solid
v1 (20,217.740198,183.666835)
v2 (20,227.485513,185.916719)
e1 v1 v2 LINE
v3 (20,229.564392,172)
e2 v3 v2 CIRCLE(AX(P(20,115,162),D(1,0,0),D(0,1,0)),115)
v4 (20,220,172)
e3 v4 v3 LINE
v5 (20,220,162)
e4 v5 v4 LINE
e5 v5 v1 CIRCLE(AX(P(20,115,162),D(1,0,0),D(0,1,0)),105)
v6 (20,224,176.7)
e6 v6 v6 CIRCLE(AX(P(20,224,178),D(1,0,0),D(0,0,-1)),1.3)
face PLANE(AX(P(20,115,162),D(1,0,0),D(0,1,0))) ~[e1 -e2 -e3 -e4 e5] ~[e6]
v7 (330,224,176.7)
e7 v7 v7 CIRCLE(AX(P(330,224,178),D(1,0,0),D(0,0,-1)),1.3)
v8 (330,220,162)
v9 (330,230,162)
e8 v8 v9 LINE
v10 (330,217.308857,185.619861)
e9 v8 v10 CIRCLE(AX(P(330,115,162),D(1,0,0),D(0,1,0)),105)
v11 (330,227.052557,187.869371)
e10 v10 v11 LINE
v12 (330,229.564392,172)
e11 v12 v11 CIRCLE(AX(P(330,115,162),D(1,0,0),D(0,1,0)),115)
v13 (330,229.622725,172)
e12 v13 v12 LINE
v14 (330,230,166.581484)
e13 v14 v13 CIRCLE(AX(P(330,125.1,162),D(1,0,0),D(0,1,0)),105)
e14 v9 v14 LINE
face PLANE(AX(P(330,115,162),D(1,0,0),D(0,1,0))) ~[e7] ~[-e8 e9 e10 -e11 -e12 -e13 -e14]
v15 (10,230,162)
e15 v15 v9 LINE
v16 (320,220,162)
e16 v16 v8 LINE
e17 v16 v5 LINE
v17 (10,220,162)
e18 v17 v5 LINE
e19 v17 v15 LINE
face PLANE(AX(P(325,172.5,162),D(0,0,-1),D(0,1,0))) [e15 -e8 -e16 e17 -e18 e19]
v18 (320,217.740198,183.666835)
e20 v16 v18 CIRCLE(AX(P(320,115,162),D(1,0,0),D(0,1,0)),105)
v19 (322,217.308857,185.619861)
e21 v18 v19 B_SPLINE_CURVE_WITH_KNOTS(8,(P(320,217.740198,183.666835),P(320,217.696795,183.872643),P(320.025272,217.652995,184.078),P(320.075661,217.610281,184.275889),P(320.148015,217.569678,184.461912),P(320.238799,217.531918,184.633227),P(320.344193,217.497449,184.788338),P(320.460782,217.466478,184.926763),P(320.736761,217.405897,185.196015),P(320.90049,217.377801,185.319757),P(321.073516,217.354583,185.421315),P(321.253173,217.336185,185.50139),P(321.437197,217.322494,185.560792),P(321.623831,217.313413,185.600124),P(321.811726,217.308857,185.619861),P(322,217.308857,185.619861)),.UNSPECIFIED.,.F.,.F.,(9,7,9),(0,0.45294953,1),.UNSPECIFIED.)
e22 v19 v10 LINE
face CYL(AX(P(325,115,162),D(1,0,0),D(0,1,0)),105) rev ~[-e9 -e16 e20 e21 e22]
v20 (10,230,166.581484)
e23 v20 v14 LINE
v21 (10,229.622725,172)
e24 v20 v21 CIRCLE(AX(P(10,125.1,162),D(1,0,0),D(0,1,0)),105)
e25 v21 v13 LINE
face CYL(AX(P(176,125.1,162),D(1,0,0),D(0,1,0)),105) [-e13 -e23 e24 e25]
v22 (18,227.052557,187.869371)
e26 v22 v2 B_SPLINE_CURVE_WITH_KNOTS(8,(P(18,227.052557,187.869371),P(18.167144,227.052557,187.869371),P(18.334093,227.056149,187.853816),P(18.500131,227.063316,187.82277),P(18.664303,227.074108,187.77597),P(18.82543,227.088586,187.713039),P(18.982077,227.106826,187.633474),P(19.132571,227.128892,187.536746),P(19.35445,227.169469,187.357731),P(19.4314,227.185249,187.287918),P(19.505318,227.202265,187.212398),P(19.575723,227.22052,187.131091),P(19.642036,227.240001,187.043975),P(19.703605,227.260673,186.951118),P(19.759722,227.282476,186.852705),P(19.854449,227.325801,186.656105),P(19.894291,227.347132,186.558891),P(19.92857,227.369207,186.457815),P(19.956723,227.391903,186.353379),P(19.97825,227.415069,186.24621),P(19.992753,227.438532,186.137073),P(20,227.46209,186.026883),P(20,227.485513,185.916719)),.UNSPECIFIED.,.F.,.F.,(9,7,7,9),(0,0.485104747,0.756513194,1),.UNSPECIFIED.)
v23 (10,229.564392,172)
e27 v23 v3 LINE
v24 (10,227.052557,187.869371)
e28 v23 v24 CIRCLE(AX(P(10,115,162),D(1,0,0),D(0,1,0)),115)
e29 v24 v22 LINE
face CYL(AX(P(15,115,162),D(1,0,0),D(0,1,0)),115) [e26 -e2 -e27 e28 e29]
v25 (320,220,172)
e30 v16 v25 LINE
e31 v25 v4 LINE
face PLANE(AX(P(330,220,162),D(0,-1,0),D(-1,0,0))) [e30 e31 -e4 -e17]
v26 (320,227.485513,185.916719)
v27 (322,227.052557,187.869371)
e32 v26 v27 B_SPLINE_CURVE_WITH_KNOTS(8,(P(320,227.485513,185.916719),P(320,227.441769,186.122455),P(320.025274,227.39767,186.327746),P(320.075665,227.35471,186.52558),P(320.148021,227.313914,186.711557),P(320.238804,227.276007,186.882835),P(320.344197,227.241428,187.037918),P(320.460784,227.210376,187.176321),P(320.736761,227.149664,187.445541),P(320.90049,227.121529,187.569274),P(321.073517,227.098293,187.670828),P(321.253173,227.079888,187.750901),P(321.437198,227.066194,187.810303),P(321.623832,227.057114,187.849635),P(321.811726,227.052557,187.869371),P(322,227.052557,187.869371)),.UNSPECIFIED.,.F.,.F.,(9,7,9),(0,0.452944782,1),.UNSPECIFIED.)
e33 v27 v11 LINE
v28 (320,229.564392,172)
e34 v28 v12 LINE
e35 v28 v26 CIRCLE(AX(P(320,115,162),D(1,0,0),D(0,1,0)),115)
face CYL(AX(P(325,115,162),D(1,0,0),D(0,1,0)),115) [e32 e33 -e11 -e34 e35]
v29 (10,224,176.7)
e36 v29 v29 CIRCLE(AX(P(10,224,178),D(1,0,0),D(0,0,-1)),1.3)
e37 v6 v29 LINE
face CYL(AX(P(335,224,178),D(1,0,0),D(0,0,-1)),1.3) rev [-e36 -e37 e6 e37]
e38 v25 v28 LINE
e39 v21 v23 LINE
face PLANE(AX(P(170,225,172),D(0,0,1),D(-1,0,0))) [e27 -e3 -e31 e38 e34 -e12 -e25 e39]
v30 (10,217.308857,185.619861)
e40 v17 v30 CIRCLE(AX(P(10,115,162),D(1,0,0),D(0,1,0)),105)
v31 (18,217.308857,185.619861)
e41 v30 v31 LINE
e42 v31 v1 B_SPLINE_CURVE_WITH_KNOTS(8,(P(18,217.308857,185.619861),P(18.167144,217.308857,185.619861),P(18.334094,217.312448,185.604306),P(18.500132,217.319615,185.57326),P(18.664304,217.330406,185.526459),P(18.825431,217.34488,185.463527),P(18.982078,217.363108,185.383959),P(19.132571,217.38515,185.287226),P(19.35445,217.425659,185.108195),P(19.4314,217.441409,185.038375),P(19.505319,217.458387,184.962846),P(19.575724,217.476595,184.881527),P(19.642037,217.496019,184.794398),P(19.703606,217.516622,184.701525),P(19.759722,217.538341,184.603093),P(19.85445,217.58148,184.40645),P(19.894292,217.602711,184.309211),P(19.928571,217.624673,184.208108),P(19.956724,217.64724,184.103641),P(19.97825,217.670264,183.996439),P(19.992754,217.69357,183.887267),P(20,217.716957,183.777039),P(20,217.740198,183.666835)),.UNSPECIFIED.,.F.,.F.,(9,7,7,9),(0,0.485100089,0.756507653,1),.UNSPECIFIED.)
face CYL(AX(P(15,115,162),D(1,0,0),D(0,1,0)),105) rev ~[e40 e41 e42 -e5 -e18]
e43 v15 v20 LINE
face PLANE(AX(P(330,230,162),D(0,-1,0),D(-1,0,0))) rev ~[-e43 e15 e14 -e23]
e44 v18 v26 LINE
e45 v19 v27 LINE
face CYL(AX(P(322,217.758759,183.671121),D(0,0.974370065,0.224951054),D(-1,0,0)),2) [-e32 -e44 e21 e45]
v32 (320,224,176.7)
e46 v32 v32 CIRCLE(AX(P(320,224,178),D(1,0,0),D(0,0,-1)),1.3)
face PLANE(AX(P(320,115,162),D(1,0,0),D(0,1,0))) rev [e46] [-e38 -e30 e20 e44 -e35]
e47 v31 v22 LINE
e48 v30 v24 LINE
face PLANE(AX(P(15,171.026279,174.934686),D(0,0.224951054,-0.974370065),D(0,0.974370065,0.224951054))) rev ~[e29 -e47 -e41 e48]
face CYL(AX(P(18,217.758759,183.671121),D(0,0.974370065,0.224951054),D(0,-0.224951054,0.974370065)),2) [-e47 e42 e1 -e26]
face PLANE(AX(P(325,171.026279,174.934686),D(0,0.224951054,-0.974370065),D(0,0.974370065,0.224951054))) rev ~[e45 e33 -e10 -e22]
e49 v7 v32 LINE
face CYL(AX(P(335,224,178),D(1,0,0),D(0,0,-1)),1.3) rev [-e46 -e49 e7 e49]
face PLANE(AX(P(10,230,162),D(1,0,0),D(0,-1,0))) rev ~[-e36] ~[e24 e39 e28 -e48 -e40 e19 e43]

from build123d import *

# Parameters (mm, degrees)
CYLINDER063_R          = 1.3
CYLINDER063_DEPTH      = 331
CYLINDER060_W          = 105
CYLINDER060_H          = 10
CYLINDER060_ANGLE      = 13
CYLINDER059_W          = 115
CYLINDER059_H          = 10
CYLINDER059_ANGLE      = 13
FILLET008_R            = 2
CYLINDER058_W          = 105
CYLINDER058_H          = 352
CYLINDER058_ANGLE      = 13
CYLINDER057_W          = 115
CYLINDER057_H          = 340
CYLINDER057_ANGLE      = 13
BOX102_W               = 320
BOX102_H               = 10
BOX102_DEPTH           = 10
CYLINDER056_W          = 105
CYLINDER056_H          = 10
CYLINDER056_ANGLE      = 13
CYLINDER055_W          = 115
CYLINDER055_H          = 10
CYLINDER055_ANGLE      = 13
FILLET009_R            = 2
CUT074_PLACEMENT_ANGLE = 180


with BuildPart() as cilindro063:
    # Cylinder063 → Cylinder063 (new body)
    with BuildSketch(Plane(origin=(5, 6, 178), x_dir=(0, 0, -1), z_dir=(1, 0, 0))):
        Circle(CYLINDER063_R)
    extrude(amount=CYLINDER063_DEPTH)


with BuildPart() as cilindro060:
    # Cylinder060 → Cylinder060 (revolve)
    with BuildSketch(Plane(origin=(20, 115, 162), x_dir=(0, -1, 0), z_dir=(0, 0, -1))):
        with Locations((52.5, 5)):
            Rectangle(CYLINDER060_W, CYLINDER060_H)
    revolve(axis=Axis((20, 115, 162), (-1, 0, 0)), revolution_arc=CYLINDER060_ANGLE)


with BuildPart() as fillet008:
    # Cylinder059 → Cylinder059 (revolve)
    with BuildSketch(Plane(origin=(20, 115, 162), x_dir=(0, -1, 0), z_dir=(0, 0, -1))):
        with Locations((57.5, 5)):
            Rectangle(CYLINDER059_W, CYLINDER059_H)
    revolve(axis=Axis((20, 115, 162), (-1, 0, 0)), revolution_arc=CYLINDER059_ANGLE)

    # Cut071: cut Cilindro060
    add(cilindro060.part, mode=Mode.SUBTRACT)

    # Fillet008
    fillet008_edges = [fillet008.edges().sort_by_distance(p)[0] for p in [
        (20, 7.819293, 186.744616),
    ]]
    fillet(fillet008_edges, radius=FILLET008_R)


with BuildPart() as cilindro058:
    # Cylinder058 → Cylinder058 (revolve)
    with BuildSketch(Plane(origin=(340, 115, 162), x_dir=(0, -1, 0), z_dir=(0, 0, -1))):
        with Locations((52.5, 176)):
            Rectangle(CYLINDER058_W, CYLINDER058_H)
    revolve(axis=Axis((340, 115, 162), (-1, 0, 0)), revolution_arc=CYLINDER058_ANGLE)


with BuildPart() as cut069:
    # Cylinder057 → Cylinder057 (revolve)
    with BuildSketch(Plane(origin=(340, 115, 162), x_dir=(0, -1, 0), z_dir=(0, 0, -1))):
        with Locations((57.5, 170)):
            Rectangle(CYLINDER057_W, CYLINDER057_H)
    revolve(axis=Axis((340, 115, 162), (-1, 0, 0)), revolution_arc=CYLINDER057_ANGLE)

    # Cut069: cut Cilindro058
    add(cilindro058.part, mode=Mode.SUBTRACT)


with BuildPart() as cut069_1:
    # Cut069 placement: moved
    add(cut069.part.moved(Location((0, -10.1, 0))))


with BuildPart() as cut070:
    # Box102 → Box102 (new body)
    with BuildSketch(Plane(origin=(10, 0, 162), x_dir=(1, 0, 0), z_dir=(0, 0, 1))):
        with Locations((160, 5)):
            Rectangle(BOX102_W, BOX102_H)
    extrude(amount=BOX102_DEPTH)

    # Cut070: cut Cut069
    add(cut069_1.part, mode=Mode.SUBTRACT)


with BuildPart() as cilindro056:
    # Cylinder056 → Cylinder056 (revolve)
    with BuildSketch(Plane(origin=(20, 115, 162), x_dir=(0, -1, 0), z_dir=(0, 0, -1))):
        with Locations((52.5, 5)):
            Rectangle(CYLINDER056_W, CYLINDER056_H)
    revolve(axis=Axis((20, 115, 162), (-1, 0, 0)), revolution_arc=CYLINDER056_ANGLE)


with BuildPart() as cut074:
    # Cylinder055 → Cylinder055 (revolve)
    with BuildSketch(Plane(origin=(20, 115, 162), x_dir=(0, -1, 0), z_dir=(0, 0, -1))):
        with Locations((57.5, 5)):
            Rectangle(CYLINDER055_W, CYLINDER055_H)
    revolve(axis=Axis((20, 115, 162), (-1, 0, 0)), revolution_arc=CYLINDER055_ANGLE)

    # Cut068: cut Cilindro056
    add(cilindro056.part, mode=Mode.SUBTRACT)


with BuildPart() as cut074_1:
    # Cut068 placement: moved
    add(cut074.part.moved(Location((310, 0, 0))))

    # Fillet009
    fillet009_edges = [cut074_1.edges().sort_by_distance(p)[0] for p in [
        (320, 7.819293, 186.744616),
    ]]
    fillet(fillet009_edges, radius=FILLET009_R)

    # Fusion016: union Fillet008, Cut070
    add(fillet008.part)
    add(cut070.part)

    # Cut074: cut Cilindro063
    add(cilindro063.part, mode=Mode.SUBTRACT)


with BuildPart() as cut074_2:
    # Cut074 placement: moved
    add(cut074_1.part.moved(Location((340, 230, 0))).rotate(Axis((340, 230, 0), (0, 0, 1)), CUT074_PLACEMENT_ANGLE))


solid = cut074_2.part
